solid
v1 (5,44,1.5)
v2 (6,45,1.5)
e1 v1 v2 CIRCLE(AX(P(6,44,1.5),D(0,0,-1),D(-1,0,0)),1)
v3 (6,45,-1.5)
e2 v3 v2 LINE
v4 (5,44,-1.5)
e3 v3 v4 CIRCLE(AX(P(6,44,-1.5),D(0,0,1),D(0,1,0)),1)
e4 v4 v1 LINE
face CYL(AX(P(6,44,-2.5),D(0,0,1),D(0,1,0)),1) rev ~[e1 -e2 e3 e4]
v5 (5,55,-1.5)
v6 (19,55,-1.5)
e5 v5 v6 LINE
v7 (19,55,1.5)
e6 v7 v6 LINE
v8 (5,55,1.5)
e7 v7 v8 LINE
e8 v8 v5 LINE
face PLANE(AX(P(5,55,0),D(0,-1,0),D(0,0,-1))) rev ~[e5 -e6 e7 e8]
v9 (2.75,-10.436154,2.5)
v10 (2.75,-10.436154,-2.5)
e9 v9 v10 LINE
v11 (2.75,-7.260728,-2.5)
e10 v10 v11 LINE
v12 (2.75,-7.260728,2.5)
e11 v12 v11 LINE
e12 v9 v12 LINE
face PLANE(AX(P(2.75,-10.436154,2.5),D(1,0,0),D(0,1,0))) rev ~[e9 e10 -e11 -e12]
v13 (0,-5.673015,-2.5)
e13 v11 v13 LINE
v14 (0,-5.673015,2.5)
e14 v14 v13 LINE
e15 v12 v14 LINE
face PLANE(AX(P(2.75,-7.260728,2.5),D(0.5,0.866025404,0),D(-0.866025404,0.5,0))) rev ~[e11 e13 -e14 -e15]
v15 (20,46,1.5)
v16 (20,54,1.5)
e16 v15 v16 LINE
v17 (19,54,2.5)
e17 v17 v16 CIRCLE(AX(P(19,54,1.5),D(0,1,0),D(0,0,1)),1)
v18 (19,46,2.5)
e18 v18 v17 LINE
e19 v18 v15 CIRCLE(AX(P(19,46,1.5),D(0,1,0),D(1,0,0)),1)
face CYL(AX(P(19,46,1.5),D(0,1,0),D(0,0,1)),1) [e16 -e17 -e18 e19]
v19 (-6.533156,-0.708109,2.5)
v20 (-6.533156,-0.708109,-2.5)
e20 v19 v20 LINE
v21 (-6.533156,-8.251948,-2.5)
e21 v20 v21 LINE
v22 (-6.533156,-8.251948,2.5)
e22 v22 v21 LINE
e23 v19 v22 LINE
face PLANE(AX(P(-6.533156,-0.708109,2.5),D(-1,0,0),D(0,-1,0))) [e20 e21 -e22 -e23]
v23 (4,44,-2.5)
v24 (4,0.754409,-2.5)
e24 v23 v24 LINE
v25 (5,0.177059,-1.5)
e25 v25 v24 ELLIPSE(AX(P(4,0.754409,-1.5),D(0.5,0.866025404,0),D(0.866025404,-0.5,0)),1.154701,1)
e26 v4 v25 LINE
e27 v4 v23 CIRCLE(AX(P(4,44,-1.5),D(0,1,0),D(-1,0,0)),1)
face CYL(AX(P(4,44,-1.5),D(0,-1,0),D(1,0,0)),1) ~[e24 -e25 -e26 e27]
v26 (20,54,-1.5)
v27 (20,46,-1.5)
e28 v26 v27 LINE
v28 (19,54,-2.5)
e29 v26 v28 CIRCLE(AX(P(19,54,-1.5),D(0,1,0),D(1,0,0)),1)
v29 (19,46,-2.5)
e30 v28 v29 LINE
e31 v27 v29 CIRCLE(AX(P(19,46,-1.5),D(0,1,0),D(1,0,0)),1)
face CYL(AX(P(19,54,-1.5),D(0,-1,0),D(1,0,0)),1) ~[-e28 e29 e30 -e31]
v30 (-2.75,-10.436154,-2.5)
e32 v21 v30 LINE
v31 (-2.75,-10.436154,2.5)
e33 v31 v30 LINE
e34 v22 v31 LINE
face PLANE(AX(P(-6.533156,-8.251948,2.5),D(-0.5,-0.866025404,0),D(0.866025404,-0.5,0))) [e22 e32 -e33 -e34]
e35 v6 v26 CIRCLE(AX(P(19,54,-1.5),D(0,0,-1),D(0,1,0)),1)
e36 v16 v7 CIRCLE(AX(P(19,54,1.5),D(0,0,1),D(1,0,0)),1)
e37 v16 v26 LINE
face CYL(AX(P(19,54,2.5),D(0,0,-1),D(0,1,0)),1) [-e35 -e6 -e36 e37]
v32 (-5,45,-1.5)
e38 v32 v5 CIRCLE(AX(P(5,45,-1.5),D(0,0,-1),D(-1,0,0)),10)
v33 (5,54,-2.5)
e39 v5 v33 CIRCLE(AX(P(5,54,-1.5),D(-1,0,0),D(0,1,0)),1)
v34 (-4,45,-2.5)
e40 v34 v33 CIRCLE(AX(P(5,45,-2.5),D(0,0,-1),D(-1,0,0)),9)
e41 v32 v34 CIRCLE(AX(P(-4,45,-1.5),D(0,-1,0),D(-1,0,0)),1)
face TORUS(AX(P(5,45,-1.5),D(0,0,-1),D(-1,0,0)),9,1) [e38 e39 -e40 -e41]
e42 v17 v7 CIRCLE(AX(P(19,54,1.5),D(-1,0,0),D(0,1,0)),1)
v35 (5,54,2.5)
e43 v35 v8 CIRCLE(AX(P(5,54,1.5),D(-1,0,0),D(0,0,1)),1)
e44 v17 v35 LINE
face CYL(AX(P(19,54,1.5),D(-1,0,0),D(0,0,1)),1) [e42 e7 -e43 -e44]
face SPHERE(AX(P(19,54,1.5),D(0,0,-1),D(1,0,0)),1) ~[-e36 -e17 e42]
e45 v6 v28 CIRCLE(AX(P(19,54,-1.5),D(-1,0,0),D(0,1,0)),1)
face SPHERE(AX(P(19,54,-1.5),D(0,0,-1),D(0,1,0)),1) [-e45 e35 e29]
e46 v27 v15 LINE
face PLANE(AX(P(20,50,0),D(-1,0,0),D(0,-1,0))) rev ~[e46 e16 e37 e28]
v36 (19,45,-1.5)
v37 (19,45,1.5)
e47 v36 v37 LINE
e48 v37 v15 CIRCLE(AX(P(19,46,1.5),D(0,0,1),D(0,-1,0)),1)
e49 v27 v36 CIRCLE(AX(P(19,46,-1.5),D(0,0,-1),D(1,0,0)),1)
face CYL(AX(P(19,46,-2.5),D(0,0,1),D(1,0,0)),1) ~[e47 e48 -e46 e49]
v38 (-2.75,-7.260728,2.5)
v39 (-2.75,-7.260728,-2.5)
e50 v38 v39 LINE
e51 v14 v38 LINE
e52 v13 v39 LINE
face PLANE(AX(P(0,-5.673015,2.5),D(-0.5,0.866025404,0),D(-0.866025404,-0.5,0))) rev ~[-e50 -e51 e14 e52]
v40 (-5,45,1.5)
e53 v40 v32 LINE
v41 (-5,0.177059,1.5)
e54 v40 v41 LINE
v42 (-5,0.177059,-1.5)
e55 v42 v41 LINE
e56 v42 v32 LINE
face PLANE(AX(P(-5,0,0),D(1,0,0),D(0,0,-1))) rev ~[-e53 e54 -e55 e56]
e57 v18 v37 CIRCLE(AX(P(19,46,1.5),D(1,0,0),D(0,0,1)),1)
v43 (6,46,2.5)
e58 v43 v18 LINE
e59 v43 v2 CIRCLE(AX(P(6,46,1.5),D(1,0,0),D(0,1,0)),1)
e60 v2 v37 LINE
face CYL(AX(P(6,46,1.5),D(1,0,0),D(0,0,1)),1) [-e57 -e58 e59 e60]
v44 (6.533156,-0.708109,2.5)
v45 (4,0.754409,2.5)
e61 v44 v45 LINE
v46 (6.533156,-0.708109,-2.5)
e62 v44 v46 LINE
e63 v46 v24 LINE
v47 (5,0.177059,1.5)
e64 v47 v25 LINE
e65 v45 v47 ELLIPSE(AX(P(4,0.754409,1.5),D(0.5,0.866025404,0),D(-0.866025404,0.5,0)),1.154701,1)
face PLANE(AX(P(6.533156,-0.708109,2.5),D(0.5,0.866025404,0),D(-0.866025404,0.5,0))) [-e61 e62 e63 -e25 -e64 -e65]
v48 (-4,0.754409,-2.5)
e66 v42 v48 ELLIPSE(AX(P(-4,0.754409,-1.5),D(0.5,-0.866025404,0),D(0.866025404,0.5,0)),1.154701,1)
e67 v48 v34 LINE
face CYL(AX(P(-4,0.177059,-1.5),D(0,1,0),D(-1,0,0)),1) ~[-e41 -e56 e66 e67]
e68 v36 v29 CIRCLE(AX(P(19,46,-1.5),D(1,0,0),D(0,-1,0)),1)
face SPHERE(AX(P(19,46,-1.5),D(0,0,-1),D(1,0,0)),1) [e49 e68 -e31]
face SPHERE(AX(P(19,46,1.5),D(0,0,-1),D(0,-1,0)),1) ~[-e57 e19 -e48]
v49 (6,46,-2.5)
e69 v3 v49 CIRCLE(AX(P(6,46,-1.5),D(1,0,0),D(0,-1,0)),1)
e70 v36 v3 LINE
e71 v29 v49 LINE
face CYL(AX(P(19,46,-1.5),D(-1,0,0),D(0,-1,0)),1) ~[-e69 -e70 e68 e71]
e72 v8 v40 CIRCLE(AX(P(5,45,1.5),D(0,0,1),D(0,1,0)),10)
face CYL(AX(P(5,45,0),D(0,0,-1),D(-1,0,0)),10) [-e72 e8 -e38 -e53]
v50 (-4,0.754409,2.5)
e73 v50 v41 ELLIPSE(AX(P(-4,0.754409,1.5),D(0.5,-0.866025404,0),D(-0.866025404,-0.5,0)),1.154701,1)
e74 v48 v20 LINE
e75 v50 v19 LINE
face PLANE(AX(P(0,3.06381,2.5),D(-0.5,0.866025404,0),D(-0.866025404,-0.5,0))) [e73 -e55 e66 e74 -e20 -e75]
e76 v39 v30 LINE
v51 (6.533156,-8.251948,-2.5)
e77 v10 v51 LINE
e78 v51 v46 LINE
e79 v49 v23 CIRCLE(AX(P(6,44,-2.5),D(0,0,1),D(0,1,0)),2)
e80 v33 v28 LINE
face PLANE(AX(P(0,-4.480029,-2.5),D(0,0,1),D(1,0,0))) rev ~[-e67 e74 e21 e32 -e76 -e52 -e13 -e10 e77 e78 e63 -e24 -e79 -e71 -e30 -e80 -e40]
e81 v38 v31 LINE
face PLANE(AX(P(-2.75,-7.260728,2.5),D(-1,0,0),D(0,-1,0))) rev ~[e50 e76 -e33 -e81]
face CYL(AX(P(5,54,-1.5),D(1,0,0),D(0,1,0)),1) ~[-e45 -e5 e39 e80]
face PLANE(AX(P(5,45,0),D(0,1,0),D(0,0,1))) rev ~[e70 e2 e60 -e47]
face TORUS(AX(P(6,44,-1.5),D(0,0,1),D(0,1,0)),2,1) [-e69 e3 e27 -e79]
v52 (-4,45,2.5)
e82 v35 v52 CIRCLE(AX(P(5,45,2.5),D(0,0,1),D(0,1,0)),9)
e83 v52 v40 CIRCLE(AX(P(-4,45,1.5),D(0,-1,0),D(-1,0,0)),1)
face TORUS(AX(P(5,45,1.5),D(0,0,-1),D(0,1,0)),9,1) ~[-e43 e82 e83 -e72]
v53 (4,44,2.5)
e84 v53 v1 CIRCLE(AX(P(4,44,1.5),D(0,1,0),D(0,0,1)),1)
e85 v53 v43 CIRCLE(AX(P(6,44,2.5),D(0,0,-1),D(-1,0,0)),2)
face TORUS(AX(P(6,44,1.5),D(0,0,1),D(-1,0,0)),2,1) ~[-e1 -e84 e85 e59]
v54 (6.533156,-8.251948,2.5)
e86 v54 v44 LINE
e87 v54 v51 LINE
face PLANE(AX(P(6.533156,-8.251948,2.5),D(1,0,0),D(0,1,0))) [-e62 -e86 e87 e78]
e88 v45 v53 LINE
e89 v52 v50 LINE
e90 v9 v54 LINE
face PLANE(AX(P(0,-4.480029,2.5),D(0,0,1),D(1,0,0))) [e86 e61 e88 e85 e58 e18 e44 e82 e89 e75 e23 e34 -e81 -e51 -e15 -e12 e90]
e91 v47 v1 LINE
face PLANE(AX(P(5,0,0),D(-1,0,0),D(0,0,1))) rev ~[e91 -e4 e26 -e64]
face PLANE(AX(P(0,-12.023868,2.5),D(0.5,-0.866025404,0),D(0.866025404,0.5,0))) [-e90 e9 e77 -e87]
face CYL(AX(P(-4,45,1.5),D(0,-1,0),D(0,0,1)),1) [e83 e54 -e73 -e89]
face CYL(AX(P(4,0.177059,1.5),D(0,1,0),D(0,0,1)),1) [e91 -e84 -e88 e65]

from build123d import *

# Parameters (mm, degrees)
F0_W     = 10
F0_H     = 5
F4_DEPTH = 5
F6_DEPTH = 5
F7_R     = 1
F8_R     = 1


with BuildPart() as f2:
    # F2: sweep along a path in F1
    with BuildLine(Plane.XY) as f2_path:
        Line((0, 0), (0, 45))
        ThreePointArc((0, 45), (1.4644660941, 48.5355339059), (5, 50))
        Line((5, 50), (20, 50))
    # F0 (on Front) → F2 (sweep)
    with BuildSketch(Plane.XZ):
        Rectangle(F0_W, F0_H)
    sweep(path=f2_path.line)

    # F3 (on face) → F4 (join, through all)
    with BuildSketch(Plane.XY.offset(2.5)):
        Polygon((0, -12.0238676125), (6.5331561742, -8.2519481366), (6.5331561742, -0.708109185), (0, 3.0638102908), (-6.5331561742, -0.708109185), (-6.5331561742, -8.2519481366), align=None)
    extrude(amount=-F4_DEPTH)

    # F5 (on face) → F6 (cut, through all)
    with BuildSketch(Plane.XY.offset(2.5)):
        Polygon((0, -12.0238676125), (2.75, -10.4361543722), (2.75, -7.2607278916), (0, -5.6730146514), (-2.75, -7.2607278916), (-2.75, -10.4361543722), align=None)
    extrude(amount=-F6_DEPTH, mode=Mode.SUBTRACT)

    # F7
    f7_edges = [f2.edges().sort_by_distance(p)[0] for p in [
        (20, 55, 0),
        (20, 45, 0),
        (5, 45, 0),
    ]]
    fillet(f7_edges, radius=F7_R)

    # F8
    f8_edges = [f2.edges().sort_by_distance(p)[0] for p in [
        (20, 50, 2.5),
        (20, 50, -2.5),
    ]]
    fillet(f8_edges, radius=F8_R)


solid = f2.part
